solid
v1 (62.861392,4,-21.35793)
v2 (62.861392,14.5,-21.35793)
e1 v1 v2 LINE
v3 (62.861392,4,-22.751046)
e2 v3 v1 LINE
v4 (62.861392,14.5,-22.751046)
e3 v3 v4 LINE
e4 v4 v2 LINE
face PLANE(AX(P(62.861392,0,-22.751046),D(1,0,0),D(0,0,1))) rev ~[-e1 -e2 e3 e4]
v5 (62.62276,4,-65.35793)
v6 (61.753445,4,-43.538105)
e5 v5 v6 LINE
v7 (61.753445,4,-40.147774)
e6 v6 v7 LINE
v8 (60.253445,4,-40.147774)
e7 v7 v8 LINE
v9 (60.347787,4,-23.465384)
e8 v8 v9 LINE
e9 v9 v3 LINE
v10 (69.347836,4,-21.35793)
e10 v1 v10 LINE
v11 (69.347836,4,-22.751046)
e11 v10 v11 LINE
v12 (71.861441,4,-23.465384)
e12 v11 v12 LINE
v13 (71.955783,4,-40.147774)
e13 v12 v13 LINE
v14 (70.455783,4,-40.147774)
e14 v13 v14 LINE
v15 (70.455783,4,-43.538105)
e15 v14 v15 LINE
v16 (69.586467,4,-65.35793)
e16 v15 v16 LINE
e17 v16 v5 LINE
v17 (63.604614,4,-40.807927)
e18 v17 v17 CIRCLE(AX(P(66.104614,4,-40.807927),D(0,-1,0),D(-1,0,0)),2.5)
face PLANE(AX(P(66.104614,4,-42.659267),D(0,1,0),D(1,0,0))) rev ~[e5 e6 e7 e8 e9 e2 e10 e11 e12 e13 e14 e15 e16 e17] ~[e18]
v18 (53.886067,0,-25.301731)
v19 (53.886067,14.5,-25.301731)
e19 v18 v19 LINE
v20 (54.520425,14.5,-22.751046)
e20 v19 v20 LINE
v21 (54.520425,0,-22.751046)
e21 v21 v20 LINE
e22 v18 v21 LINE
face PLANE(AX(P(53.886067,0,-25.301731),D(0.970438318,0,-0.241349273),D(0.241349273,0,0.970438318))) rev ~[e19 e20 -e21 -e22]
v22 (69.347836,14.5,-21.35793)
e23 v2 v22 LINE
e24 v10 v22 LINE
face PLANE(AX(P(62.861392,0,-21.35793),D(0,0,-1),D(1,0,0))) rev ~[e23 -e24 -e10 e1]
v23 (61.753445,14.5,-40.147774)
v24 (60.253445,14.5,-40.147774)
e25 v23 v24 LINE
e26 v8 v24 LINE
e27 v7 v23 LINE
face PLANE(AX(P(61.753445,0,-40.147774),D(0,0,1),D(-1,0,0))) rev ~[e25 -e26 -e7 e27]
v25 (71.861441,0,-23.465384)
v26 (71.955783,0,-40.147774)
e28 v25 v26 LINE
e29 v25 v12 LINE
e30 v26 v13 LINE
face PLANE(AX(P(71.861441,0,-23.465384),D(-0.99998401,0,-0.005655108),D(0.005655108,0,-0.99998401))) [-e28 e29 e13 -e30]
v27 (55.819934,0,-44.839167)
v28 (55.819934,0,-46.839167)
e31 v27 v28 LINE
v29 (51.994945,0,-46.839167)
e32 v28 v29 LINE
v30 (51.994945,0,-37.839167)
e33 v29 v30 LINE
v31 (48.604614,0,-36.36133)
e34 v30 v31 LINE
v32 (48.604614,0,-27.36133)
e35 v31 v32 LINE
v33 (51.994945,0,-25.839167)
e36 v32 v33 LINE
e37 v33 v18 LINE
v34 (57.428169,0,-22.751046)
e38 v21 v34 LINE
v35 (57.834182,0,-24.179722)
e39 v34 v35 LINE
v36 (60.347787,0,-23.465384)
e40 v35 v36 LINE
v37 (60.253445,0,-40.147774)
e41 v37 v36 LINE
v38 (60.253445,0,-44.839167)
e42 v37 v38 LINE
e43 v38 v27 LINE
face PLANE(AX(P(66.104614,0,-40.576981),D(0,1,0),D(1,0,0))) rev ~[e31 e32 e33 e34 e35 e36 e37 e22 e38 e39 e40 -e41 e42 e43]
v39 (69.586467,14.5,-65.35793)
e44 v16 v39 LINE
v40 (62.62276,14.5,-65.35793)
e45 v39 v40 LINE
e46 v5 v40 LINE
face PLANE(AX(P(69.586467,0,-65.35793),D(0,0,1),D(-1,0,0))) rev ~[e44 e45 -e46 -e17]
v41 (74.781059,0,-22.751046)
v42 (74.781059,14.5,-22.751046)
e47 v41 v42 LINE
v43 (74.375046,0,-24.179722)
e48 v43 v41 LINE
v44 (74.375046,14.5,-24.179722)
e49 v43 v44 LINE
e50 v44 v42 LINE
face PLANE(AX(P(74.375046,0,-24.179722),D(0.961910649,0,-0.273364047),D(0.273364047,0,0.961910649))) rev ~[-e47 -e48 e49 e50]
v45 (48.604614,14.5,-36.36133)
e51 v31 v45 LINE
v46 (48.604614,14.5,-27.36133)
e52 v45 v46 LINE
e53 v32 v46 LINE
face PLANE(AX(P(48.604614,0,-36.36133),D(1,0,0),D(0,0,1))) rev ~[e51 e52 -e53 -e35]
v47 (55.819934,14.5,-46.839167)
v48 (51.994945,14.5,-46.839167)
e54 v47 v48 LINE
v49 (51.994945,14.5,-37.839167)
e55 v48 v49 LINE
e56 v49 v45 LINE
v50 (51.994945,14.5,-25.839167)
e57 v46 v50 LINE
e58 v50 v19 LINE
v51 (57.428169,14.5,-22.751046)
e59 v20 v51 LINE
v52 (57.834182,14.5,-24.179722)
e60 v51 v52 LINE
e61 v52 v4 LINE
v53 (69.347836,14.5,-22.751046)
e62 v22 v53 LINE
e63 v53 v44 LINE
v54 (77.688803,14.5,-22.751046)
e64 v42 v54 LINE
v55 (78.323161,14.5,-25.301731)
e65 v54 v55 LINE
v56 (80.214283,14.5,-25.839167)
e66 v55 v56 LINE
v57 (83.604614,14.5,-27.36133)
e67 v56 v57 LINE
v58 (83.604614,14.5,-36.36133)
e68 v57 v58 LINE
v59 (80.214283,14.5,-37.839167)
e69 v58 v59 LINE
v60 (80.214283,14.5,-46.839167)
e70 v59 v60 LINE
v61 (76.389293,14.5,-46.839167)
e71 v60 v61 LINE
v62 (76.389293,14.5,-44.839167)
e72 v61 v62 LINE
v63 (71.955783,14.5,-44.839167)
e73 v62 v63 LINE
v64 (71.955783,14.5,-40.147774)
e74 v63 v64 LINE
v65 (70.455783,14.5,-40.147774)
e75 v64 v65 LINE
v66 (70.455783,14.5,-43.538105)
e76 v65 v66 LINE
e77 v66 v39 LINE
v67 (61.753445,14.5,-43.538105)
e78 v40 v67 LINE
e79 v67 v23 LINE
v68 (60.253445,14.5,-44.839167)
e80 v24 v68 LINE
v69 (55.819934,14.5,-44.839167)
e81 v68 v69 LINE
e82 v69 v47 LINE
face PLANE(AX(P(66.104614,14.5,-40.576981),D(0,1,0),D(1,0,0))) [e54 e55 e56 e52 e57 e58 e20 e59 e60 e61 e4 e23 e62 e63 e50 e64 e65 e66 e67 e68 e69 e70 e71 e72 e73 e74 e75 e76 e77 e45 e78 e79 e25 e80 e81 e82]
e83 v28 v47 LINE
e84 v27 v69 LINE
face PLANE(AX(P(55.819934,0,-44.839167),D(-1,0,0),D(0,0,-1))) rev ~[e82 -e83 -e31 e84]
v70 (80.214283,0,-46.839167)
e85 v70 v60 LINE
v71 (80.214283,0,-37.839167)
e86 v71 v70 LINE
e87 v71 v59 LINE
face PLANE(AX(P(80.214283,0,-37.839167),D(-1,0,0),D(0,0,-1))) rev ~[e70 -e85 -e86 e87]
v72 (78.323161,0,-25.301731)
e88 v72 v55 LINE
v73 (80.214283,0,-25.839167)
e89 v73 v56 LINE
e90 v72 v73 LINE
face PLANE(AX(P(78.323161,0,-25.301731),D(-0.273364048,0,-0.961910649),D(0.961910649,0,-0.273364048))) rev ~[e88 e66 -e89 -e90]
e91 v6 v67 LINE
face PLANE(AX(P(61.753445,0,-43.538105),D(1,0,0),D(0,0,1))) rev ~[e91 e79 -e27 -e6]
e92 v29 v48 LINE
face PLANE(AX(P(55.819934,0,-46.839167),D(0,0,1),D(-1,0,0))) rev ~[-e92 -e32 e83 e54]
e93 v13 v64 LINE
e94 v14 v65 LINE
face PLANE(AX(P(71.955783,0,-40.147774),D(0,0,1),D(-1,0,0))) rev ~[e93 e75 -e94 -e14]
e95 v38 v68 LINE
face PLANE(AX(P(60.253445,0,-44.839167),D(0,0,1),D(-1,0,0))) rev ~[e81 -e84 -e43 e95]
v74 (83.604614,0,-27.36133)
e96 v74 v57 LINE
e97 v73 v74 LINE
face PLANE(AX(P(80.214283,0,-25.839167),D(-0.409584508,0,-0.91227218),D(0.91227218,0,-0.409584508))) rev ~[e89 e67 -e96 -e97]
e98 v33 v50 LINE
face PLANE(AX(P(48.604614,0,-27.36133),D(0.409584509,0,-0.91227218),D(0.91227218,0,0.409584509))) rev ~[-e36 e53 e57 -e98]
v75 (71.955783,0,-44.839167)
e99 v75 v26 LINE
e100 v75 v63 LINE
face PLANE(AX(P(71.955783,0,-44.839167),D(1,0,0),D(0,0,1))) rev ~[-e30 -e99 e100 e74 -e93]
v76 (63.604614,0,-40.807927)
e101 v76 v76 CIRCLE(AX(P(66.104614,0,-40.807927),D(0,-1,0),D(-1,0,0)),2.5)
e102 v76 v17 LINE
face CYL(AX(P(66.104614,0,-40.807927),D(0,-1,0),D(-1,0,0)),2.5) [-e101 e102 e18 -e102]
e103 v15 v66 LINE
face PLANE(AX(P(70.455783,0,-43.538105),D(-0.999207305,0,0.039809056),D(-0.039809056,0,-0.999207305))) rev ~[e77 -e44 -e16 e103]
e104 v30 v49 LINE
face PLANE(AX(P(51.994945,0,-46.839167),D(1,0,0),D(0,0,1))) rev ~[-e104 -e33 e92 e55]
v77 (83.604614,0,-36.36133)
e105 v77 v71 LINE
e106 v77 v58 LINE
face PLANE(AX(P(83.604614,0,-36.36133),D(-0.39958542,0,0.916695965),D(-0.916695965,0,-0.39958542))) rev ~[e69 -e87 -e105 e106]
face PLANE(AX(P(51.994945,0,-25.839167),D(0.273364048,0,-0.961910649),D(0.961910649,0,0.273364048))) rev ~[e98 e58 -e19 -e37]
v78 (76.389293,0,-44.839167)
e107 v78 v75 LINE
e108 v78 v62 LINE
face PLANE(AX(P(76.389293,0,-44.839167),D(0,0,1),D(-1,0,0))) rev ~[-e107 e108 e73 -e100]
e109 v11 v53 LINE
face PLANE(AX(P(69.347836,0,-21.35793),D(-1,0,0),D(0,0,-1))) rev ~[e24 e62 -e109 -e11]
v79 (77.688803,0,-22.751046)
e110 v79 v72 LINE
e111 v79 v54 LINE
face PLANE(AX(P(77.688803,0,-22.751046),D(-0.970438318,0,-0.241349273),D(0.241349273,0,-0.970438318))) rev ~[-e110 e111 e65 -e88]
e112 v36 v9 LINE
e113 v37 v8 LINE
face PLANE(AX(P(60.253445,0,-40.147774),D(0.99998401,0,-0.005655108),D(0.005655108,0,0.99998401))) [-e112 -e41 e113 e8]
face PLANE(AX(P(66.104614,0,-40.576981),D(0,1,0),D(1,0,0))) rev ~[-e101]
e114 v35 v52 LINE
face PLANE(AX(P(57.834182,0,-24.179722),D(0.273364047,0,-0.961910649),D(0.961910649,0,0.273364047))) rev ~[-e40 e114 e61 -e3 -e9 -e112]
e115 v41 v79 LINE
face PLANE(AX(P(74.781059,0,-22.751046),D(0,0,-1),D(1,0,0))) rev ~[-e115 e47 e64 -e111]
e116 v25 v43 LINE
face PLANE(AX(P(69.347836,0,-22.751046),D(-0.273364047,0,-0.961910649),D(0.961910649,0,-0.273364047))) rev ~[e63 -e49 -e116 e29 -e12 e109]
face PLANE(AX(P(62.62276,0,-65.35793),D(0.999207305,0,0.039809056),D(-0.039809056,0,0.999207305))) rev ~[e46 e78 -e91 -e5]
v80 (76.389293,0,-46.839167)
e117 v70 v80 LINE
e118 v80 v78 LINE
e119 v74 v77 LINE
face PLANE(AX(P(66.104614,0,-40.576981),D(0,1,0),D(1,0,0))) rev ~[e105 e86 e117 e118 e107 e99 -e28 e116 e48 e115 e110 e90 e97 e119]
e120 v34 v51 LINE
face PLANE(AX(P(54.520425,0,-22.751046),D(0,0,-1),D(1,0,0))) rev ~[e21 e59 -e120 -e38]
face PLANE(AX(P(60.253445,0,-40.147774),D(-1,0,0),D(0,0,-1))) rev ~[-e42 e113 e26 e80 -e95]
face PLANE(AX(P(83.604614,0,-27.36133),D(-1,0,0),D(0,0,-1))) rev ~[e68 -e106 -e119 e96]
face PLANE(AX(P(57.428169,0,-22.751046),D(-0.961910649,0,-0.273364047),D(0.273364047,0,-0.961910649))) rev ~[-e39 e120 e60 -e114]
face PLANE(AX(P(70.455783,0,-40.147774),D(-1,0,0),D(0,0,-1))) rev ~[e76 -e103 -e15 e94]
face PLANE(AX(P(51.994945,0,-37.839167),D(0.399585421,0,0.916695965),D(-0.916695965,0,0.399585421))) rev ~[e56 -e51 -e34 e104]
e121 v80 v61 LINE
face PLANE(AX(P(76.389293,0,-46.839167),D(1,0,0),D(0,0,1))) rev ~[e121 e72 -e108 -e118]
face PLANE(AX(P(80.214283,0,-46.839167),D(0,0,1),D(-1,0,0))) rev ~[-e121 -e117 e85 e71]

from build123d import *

# Parameters (mm, degrees)
BOSS_EXTRUDE1_DEPTH = 14.5
SKETCH2_R           = 2.5
CUT_EXTRUDE1_DEPTH  = 4


with BuildPart() as part:
    # Sketch1 → Boss-Extrude1 (new body)
    with BuildSketch(Plane(origin=(0, 0, 0), x_dir=(1, 0, 0), z_dir=(0, 1, 0))):
        Polygon((69.586467452, 65.357930026), (62.622760441, 65.357930026), (61.753444713, 43.538105233), (61.753444713, 40.147773891), (60.253444713, 40.147773891), (60.253444713, 44.839166535), (55.819934496, 44.839166535), (55.819934496, 46.839166535), (51.994945289, 46.839166535), (51.994945289, 37.839166535), (48.604613947, 36.361329796), (48.604613947, 27.361329796), (51.994945289, 25.839166535), (53.886066531, 25.301731423), (54.520425265, 22.751046211), (57.428168594, 22.751046211), (57.834181975, 24.179721996), (62.861391899, 22.751046211), (62.861391899, 21.357930026), (69.347835994, 21.357930026), (69.347835994, 22.751046211), (74.375045918, 24.179721996), (74.781059299, 22.751046211), (77.688802628, 22.751046211), (78.323161362, 25.301731423), (80.214282604, 25.839166535), (83.604613947, 27.361329796), (83.604613947, 36.361329796), (80.214282604, 37.839166535), (80.214282604, 46.839166535), (76.389293398, 46.839166535), (76.389293398, 44.839166535), (71.955783181, 44.839166535), (71.955783181, 40.147773891), (70.455783181, 40.147773891), (70.455783181, 43.538105233), align=None)
    extrude(amount=BOSS_EXTRUDE1_DEPTH)

    # Sketch2 → Cut-Extrude1 (cut)
    with BuildSketch(Plane(origin=(0, 0, 0), x_dir=(-1, 0, 0), z_dir=(0, -1, 0))):
        Polygon((-60.253444713, 40.147773891), (-60.347786937, 23.465384103), (-62.861391899, 22.751046211), (-62.861391899, 21.357930026), (-69.347835994, 21.357930026), (-69.347835994, 22.751046211), (-71.861440956, 23.465384103), (-71.955783181, 40.147773891), (-70.455783181, 40.147773891), (-70.455783181, 43.538105233), (-69.586467452, 65.357930026), (-62.622760441, 65.357930026), (-61.753444713, 43.538105233), (-61.753444713, 40.147773891), align=None)
        with Locations((-66.104613947, 40.807926742)):
            Circle(SKETCH2_R, mode=Mode.SUBTRACT)
    extrude(amount=-CUT_EXTRUDE1_DEPTH, mode=Mode.SUBTRACT)


solid = part.part
